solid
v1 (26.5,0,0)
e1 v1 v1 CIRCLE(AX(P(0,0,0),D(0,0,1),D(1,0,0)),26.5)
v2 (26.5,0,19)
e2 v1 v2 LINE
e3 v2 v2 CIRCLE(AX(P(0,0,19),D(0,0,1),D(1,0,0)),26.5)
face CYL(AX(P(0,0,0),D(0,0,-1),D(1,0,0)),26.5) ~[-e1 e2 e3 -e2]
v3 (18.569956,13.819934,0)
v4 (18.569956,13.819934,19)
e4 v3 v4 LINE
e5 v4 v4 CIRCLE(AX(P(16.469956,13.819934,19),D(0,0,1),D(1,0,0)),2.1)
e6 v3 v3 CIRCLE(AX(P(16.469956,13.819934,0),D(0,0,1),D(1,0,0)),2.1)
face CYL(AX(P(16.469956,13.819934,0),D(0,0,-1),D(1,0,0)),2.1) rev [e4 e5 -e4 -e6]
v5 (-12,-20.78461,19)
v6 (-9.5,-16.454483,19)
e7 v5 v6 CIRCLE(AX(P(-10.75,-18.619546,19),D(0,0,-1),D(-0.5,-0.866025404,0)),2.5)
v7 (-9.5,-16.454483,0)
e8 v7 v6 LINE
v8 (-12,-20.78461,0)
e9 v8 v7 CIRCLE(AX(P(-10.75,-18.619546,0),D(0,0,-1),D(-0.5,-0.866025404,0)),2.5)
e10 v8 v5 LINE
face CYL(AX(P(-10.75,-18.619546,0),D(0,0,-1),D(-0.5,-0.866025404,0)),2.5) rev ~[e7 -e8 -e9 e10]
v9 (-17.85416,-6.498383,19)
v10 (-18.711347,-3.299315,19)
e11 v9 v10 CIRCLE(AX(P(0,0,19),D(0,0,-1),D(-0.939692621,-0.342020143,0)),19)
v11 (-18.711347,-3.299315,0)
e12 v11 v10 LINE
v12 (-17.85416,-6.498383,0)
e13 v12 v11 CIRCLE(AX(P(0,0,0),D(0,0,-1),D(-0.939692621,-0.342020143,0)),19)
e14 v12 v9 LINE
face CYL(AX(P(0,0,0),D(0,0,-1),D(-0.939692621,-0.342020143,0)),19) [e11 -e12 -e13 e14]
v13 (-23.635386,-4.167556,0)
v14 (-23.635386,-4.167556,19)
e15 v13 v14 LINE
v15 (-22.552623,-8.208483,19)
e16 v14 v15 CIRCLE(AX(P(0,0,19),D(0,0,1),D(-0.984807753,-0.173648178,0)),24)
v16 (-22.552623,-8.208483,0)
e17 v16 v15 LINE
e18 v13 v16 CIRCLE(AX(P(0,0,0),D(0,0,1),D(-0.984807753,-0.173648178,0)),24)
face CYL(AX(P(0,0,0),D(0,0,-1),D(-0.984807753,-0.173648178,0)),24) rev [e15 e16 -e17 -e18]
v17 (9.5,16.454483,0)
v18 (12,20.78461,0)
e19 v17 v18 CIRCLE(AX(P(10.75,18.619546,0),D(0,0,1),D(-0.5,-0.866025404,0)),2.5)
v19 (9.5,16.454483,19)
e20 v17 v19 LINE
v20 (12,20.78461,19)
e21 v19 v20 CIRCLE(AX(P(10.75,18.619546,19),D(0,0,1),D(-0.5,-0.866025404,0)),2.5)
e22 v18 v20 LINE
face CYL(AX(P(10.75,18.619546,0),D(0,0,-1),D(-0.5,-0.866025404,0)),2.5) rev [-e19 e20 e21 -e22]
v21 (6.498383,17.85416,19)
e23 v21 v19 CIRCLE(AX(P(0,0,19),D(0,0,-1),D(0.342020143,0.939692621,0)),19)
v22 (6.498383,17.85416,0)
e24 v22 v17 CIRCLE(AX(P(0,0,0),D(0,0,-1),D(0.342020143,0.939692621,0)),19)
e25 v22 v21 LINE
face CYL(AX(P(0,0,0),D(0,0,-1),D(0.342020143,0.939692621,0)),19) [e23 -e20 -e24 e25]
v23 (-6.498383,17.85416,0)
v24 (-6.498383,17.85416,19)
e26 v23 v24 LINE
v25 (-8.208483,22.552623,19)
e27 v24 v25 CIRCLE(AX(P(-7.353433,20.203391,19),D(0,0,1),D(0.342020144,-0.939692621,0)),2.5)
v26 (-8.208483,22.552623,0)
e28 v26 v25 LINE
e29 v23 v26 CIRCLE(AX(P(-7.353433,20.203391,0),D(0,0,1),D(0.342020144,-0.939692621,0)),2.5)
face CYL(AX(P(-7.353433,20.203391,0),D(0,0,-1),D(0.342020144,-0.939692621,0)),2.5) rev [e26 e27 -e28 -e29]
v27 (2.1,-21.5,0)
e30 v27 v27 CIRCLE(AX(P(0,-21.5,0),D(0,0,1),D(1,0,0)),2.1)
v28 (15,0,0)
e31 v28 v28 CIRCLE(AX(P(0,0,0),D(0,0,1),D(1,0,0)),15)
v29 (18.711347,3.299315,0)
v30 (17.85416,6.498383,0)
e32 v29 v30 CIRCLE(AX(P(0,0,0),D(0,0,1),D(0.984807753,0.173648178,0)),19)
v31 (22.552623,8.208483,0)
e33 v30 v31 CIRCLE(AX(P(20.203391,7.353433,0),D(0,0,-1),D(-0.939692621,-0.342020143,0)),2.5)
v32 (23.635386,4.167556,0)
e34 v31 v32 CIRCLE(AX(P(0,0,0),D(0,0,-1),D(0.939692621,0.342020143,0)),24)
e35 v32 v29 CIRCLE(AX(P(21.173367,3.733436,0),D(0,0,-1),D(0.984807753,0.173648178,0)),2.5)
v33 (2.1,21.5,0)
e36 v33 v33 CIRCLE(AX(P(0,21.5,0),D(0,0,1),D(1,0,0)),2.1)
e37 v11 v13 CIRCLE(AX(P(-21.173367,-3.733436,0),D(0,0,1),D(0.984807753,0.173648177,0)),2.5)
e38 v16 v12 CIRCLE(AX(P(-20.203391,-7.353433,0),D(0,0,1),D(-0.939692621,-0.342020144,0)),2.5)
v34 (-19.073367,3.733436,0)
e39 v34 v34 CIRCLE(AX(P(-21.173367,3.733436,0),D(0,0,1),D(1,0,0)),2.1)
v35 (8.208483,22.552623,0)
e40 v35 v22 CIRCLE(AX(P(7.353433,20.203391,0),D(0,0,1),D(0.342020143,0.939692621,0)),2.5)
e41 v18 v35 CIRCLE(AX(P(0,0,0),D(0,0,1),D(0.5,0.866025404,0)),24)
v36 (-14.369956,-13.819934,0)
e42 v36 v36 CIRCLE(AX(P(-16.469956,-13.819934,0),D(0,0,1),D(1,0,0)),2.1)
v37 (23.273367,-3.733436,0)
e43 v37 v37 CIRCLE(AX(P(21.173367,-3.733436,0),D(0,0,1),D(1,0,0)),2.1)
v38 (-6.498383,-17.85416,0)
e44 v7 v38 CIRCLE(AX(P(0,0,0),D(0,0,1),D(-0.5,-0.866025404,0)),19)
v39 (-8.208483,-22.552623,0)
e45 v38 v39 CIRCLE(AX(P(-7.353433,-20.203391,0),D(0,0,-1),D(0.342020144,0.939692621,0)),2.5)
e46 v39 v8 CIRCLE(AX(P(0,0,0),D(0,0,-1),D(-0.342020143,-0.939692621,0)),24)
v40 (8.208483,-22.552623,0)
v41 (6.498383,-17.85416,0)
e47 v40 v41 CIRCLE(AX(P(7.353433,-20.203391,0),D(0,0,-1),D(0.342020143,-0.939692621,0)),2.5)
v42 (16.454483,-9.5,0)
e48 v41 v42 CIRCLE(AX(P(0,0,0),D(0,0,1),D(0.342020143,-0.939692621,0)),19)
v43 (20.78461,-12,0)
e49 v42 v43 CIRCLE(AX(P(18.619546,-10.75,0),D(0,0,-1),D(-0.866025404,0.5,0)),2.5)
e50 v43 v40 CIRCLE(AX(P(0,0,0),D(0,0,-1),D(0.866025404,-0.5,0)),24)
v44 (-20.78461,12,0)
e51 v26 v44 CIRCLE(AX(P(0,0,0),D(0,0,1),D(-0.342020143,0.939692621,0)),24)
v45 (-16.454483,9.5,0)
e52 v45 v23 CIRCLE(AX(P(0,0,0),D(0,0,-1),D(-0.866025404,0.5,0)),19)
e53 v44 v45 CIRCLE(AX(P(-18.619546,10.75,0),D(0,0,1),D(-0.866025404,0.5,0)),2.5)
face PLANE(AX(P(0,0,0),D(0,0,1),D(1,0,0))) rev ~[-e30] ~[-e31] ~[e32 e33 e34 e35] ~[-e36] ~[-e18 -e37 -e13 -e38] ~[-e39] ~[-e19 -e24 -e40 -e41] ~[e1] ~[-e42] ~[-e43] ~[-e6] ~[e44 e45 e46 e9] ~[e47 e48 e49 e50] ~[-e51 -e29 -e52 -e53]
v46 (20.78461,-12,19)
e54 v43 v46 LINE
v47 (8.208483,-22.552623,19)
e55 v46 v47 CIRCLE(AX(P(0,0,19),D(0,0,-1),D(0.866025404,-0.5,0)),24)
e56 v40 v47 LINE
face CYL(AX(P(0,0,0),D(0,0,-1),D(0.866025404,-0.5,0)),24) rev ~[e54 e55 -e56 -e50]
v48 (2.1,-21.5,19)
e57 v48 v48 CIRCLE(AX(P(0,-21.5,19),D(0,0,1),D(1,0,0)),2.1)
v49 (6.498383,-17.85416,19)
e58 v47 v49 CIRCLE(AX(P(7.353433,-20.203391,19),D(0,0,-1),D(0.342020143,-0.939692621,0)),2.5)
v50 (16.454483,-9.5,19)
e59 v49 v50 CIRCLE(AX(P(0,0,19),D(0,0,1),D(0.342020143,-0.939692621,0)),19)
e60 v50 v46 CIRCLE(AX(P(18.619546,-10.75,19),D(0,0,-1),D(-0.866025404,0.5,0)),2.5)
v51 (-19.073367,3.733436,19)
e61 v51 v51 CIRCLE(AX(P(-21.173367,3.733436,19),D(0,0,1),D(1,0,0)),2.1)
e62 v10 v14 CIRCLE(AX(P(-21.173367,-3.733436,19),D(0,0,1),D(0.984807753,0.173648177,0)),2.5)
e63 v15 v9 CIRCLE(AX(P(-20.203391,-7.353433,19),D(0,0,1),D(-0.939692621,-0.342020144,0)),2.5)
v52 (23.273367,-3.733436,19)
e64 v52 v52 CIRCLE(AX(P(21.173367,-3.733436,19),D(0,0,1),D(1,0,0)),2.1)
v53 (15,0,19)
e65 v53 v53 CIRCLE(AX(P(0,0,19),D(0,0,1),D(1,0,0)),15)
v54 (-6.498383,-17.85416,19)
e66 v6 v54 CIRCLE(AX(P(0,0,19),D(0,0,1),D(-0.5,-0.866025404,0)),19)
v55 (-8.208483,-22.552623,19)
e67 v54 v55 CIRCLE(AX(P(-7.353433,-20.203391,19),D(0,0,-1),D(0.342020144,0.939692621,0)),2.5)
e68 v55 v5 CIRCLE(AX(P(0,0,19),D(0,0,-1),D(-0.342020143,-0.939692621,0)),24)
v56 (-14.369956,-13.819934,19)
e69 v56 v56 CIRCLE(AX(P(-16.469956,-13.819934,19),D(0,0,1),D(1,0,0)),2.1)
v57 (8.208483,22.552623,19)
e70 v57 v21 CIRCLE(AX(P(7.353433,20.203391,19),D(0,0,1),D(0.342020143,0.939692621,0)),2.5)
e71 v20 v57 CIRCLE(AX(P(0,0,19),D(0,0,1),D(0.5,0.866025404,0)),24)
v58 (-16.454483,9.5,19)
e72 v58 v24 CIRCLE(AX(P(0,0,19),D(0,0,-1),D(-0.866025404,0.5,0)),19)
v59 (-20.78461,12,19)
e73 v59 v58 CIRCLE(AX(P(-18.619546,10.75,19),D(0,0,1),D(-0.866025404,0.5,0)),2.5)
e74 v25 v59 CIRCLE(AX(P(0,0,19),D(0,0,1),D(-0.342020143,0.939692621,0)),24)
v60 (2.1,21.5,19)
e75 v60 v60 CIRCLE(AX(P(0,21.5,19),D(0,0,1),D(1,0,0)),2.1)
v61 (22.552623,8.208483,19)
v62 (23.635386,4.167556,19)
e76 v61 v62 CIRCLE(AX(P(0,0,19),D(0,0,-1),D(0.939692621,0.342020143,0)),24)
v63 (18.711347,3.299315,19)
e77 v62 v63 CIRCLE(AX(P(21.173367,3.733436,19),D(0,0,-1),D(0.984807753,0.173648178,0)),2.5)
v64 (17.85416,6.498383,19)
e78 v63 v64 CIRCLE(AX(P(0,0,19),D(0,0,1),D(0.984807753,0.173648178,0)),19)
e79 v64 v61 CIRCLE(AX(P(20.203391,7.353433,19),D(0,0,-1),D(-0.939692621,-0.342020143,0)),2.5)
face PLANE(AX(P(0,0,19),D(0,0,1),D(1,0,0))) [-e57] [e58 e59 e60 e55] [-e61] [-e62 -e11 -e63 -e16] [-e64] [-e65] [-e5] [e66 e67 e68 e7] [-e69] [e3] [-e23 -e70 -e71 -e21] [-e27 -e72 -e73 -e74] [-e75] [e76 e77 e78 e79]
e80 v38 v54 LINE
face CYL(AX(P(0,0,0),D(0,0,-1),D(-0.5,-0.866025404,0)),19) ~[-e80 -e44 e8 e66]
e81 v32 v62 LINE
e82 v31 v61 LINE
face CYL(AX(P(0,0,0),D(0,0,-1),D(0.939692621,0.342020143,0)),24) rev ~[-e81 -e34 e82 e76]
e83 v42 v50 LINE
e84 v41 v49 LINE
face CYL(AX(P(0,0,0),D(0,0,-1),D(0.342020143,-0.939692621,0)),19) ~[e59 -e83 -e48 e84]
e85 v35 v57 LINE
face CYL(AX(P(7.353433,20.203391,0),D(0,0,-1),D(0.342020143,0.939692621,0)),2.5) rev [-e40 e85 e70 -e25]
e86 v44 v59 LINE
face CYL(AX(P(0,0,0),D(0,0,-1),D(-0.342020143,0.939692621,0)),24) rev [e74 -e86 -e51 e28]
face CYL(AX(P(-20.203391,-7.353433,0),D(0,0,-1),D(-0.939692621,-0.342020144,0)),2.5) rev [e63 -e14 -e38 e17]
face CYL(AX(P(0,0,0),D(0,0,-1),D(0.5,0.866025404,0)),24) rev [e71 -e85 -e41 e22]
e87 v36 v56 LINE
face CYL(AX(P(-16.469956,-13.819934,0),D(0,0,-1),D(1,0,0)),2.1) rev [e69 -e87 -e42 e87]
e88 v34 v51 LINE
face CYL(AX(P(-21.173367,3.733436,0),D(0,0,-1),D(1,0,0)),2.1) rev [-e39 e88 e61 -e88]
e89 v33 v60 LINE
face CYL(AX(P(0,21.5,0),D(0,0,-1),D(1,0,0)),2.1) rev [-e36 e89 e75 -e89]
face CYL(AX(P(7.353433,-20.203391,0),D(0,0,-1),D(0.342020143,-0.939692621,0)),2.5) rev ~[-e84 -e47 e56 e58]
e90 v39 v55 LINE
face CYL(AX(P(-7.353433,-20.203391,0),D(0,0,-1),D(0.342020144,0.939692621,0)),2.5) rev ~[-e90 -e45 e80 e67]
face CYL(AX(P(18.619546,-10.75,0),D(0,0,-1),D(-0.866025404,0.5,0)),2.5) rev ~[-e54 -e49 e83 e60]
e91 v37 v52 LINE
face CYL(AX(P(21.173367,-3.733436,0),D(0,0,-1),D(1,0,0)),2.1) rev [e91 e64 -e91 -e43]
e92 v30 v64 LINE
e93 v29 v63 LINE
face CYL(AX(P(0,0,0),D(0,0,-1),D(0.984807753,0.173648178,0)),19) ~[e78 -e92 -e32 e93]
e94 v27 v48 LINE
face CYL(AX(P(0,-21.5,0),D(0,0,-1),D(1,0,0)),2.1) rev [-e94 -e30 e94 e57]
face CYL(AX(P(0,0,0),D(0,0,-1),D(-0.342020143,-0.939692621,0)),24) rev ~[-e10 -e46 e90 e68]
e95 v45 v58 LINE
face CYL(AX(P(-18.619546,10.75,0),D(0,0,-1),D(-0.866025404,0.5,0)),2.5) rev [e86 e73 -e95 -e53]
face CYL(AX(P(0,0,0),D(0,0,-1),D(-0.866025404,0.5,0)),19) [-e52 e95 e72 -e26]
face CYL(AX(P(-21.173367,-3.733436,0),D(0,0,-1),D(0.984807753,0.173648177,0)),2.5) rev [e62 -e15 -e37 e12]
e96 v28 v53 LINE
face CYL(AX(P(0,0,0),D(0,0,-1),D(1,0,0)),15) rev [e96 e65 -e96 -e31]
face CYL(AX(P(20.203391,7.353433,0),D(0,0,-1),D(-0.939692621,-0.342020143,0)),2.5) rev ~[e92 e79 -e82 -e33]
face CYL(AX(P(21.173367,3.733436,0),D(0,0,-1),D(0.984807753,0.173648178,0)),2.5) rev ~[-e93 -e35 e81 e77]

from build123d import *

# Parameters (mm, degrees)
SKETCH_1_R      = 26.5
SKETCH_1_R_2    = 15
SKETCH_1_R_3    = 2.1
EXTRUDE_1_DEPTH = 19


with BuildPart() as part:
    # 草图1 → 凸台-拉伸1 (new body)
    with BuildSketch(Plane.XY):
        Circle(SKETCH_1_R)
        Circle(SKETCH_1_R_2, mode=Mode.SUBTRACT)
        with Locations((0, 21.5)):
            Circle(SKETCH_1_R_3, mode=Mode.SUBTRACT)
        with Locations((16.469955527, 13.819933608)):
            Circle(SKETCH_1_R_3, mode=Mode.SUBTRACT)
        with Locations((21.17336669, -3.73343582)):
            Circle(SKETCH_1_R_3, mode=Mode.SUBTRACT)
        with Locations((0, -21.5)):
            Circle(SKETCH_1_R_3, mode=Mode.SUBTRACT)
        with Locations((-16.469955527, -13.819933608)):
            Circle(SKETCH_1_R_3, mode=Mode.SUBTRACT)
        with Locations((-21.17336669, 3.73343582)):
            Circle(SKETCH_1_R_3, mode=Mode.SUBTRACT)
        with BuildLine():
            ThreePointArc((-8.20848344, 22.552622899), (-15.426902632, 18.385066635), (-20.784609691, 12))
            ThreePointArc((-20.784609691, 12), (-19.869546181, 8.584936491), (-16.454482672, 9.5))
            ThreePointArc((-16.454482672, 9.5), (-12.212964584, 14.554844419), (-6.498382723, 17.854159795))
            ThreePointArc((-6.498382723, 17.854159795), (-5.00420153, 21.058441705), (-8.20848344, 22.552622899))
        make_face(mode=Mode.SUBTRACT)
        with BuildLine():
            ThreePointArc((12, 20.784609691), (10.142838282, 21.751386889), (8.20848344, 22.552622899))
            ThreePointArc((8.20848344, 22.552622899), (5.00420153, 21.058441705), (6.498382723, 17.854159795))
            ThreePointArc((6.498382723, 17.854159795), (8.029746973, 17.219847954), (9.5, 16.454482672))
            ThreePointArc((9.5, 16.454482672), (12.915063509, 17.369546181), (12, 20.784609691))
        make_face(mode=Mode.SUBTRACT)
        with BuildLine():
            ThreePointArc((18.711347307, 3.299315376), (18.352590699, 4.917561857), (17.854159795, 6.498382723))
            ThreePointArc((17.854159795, 6.498382723), (19.348340989, 9.702664633), (22.552622899, 8.20848344))
            ThreePointArc((22.552622899, 8.20848344), (23.182219831, 6.211657082), (23.635386072, 4.167556264))
            ThreePointArc((23.635386072, 4.167556264), (21.607487134, 1.271416437), (18.711347307, 3.299315376))
        make_face(mode=Mode.SUBTRACT)
        with BuildLine():
            ThreePointArc((6.498382723, -17.854159795), (12.212964584, -14.554844419), (16.454482672, -9.5))
            ThreePointArc((16.454482672, -9.5), (19.869546181, -8.584936491), (20.784609691, -12))
            ThreePointArc((20.784609691, -12), (15.426902632, -18.385066635), (8.20848344, -22.552622899))
            ThreePointArc((8.20848344, -22.552622899), (5.00420153, -21.058441705), (6.498382723, -17.854159795))
        make_face(mode=Mode.SUBTRACT)
        with BuildLine():
            ThreePointArc((-9.5, -16.454482672), (-8.029746973, -17.219847954), (-6.498382723, -17.854159795))
            ThreePointArc((-6.498382723, -17.854159795), (-5.00420153, -21.058441705), (-8.20848344, -22.552622899))
            ThreePointArc((-8.20848344, -22.552622899), (-10.142838282, -21.751386889), (-12, -20.784609691))
            ThreePointArc((-12, -20.784609691), (-12.915063509, -17.369546181), (-9.5, -16.454482672))
        make_face(mode=Mode.SUBTRACT)
        with BuildLine():
            ThreePointArc((-23.635386072, -4.167556264), (-23.182219831, -6.211657082), (-22.552622899, -8.20848344))
            ThreePointArc((-22.552622899, -8.20848344), (-19.348340989, -9.702664633), (-17.854159795, -6.498382723))
            ThreePointArc((-17.854159795, -6.498382723), (-18.352590699, -4.917561857), (-18.711347307, -3.299315376))
            ThreePointArc((-18.711347307, -3.299315376), (-21.607487134, -1.271416437), (-23.635386072, -4.167556264))
        make_face(mode=Mode.SUBTRACT)
    extrude(amount=EXTRUDE_1_DEPTH)


solid = part.part
